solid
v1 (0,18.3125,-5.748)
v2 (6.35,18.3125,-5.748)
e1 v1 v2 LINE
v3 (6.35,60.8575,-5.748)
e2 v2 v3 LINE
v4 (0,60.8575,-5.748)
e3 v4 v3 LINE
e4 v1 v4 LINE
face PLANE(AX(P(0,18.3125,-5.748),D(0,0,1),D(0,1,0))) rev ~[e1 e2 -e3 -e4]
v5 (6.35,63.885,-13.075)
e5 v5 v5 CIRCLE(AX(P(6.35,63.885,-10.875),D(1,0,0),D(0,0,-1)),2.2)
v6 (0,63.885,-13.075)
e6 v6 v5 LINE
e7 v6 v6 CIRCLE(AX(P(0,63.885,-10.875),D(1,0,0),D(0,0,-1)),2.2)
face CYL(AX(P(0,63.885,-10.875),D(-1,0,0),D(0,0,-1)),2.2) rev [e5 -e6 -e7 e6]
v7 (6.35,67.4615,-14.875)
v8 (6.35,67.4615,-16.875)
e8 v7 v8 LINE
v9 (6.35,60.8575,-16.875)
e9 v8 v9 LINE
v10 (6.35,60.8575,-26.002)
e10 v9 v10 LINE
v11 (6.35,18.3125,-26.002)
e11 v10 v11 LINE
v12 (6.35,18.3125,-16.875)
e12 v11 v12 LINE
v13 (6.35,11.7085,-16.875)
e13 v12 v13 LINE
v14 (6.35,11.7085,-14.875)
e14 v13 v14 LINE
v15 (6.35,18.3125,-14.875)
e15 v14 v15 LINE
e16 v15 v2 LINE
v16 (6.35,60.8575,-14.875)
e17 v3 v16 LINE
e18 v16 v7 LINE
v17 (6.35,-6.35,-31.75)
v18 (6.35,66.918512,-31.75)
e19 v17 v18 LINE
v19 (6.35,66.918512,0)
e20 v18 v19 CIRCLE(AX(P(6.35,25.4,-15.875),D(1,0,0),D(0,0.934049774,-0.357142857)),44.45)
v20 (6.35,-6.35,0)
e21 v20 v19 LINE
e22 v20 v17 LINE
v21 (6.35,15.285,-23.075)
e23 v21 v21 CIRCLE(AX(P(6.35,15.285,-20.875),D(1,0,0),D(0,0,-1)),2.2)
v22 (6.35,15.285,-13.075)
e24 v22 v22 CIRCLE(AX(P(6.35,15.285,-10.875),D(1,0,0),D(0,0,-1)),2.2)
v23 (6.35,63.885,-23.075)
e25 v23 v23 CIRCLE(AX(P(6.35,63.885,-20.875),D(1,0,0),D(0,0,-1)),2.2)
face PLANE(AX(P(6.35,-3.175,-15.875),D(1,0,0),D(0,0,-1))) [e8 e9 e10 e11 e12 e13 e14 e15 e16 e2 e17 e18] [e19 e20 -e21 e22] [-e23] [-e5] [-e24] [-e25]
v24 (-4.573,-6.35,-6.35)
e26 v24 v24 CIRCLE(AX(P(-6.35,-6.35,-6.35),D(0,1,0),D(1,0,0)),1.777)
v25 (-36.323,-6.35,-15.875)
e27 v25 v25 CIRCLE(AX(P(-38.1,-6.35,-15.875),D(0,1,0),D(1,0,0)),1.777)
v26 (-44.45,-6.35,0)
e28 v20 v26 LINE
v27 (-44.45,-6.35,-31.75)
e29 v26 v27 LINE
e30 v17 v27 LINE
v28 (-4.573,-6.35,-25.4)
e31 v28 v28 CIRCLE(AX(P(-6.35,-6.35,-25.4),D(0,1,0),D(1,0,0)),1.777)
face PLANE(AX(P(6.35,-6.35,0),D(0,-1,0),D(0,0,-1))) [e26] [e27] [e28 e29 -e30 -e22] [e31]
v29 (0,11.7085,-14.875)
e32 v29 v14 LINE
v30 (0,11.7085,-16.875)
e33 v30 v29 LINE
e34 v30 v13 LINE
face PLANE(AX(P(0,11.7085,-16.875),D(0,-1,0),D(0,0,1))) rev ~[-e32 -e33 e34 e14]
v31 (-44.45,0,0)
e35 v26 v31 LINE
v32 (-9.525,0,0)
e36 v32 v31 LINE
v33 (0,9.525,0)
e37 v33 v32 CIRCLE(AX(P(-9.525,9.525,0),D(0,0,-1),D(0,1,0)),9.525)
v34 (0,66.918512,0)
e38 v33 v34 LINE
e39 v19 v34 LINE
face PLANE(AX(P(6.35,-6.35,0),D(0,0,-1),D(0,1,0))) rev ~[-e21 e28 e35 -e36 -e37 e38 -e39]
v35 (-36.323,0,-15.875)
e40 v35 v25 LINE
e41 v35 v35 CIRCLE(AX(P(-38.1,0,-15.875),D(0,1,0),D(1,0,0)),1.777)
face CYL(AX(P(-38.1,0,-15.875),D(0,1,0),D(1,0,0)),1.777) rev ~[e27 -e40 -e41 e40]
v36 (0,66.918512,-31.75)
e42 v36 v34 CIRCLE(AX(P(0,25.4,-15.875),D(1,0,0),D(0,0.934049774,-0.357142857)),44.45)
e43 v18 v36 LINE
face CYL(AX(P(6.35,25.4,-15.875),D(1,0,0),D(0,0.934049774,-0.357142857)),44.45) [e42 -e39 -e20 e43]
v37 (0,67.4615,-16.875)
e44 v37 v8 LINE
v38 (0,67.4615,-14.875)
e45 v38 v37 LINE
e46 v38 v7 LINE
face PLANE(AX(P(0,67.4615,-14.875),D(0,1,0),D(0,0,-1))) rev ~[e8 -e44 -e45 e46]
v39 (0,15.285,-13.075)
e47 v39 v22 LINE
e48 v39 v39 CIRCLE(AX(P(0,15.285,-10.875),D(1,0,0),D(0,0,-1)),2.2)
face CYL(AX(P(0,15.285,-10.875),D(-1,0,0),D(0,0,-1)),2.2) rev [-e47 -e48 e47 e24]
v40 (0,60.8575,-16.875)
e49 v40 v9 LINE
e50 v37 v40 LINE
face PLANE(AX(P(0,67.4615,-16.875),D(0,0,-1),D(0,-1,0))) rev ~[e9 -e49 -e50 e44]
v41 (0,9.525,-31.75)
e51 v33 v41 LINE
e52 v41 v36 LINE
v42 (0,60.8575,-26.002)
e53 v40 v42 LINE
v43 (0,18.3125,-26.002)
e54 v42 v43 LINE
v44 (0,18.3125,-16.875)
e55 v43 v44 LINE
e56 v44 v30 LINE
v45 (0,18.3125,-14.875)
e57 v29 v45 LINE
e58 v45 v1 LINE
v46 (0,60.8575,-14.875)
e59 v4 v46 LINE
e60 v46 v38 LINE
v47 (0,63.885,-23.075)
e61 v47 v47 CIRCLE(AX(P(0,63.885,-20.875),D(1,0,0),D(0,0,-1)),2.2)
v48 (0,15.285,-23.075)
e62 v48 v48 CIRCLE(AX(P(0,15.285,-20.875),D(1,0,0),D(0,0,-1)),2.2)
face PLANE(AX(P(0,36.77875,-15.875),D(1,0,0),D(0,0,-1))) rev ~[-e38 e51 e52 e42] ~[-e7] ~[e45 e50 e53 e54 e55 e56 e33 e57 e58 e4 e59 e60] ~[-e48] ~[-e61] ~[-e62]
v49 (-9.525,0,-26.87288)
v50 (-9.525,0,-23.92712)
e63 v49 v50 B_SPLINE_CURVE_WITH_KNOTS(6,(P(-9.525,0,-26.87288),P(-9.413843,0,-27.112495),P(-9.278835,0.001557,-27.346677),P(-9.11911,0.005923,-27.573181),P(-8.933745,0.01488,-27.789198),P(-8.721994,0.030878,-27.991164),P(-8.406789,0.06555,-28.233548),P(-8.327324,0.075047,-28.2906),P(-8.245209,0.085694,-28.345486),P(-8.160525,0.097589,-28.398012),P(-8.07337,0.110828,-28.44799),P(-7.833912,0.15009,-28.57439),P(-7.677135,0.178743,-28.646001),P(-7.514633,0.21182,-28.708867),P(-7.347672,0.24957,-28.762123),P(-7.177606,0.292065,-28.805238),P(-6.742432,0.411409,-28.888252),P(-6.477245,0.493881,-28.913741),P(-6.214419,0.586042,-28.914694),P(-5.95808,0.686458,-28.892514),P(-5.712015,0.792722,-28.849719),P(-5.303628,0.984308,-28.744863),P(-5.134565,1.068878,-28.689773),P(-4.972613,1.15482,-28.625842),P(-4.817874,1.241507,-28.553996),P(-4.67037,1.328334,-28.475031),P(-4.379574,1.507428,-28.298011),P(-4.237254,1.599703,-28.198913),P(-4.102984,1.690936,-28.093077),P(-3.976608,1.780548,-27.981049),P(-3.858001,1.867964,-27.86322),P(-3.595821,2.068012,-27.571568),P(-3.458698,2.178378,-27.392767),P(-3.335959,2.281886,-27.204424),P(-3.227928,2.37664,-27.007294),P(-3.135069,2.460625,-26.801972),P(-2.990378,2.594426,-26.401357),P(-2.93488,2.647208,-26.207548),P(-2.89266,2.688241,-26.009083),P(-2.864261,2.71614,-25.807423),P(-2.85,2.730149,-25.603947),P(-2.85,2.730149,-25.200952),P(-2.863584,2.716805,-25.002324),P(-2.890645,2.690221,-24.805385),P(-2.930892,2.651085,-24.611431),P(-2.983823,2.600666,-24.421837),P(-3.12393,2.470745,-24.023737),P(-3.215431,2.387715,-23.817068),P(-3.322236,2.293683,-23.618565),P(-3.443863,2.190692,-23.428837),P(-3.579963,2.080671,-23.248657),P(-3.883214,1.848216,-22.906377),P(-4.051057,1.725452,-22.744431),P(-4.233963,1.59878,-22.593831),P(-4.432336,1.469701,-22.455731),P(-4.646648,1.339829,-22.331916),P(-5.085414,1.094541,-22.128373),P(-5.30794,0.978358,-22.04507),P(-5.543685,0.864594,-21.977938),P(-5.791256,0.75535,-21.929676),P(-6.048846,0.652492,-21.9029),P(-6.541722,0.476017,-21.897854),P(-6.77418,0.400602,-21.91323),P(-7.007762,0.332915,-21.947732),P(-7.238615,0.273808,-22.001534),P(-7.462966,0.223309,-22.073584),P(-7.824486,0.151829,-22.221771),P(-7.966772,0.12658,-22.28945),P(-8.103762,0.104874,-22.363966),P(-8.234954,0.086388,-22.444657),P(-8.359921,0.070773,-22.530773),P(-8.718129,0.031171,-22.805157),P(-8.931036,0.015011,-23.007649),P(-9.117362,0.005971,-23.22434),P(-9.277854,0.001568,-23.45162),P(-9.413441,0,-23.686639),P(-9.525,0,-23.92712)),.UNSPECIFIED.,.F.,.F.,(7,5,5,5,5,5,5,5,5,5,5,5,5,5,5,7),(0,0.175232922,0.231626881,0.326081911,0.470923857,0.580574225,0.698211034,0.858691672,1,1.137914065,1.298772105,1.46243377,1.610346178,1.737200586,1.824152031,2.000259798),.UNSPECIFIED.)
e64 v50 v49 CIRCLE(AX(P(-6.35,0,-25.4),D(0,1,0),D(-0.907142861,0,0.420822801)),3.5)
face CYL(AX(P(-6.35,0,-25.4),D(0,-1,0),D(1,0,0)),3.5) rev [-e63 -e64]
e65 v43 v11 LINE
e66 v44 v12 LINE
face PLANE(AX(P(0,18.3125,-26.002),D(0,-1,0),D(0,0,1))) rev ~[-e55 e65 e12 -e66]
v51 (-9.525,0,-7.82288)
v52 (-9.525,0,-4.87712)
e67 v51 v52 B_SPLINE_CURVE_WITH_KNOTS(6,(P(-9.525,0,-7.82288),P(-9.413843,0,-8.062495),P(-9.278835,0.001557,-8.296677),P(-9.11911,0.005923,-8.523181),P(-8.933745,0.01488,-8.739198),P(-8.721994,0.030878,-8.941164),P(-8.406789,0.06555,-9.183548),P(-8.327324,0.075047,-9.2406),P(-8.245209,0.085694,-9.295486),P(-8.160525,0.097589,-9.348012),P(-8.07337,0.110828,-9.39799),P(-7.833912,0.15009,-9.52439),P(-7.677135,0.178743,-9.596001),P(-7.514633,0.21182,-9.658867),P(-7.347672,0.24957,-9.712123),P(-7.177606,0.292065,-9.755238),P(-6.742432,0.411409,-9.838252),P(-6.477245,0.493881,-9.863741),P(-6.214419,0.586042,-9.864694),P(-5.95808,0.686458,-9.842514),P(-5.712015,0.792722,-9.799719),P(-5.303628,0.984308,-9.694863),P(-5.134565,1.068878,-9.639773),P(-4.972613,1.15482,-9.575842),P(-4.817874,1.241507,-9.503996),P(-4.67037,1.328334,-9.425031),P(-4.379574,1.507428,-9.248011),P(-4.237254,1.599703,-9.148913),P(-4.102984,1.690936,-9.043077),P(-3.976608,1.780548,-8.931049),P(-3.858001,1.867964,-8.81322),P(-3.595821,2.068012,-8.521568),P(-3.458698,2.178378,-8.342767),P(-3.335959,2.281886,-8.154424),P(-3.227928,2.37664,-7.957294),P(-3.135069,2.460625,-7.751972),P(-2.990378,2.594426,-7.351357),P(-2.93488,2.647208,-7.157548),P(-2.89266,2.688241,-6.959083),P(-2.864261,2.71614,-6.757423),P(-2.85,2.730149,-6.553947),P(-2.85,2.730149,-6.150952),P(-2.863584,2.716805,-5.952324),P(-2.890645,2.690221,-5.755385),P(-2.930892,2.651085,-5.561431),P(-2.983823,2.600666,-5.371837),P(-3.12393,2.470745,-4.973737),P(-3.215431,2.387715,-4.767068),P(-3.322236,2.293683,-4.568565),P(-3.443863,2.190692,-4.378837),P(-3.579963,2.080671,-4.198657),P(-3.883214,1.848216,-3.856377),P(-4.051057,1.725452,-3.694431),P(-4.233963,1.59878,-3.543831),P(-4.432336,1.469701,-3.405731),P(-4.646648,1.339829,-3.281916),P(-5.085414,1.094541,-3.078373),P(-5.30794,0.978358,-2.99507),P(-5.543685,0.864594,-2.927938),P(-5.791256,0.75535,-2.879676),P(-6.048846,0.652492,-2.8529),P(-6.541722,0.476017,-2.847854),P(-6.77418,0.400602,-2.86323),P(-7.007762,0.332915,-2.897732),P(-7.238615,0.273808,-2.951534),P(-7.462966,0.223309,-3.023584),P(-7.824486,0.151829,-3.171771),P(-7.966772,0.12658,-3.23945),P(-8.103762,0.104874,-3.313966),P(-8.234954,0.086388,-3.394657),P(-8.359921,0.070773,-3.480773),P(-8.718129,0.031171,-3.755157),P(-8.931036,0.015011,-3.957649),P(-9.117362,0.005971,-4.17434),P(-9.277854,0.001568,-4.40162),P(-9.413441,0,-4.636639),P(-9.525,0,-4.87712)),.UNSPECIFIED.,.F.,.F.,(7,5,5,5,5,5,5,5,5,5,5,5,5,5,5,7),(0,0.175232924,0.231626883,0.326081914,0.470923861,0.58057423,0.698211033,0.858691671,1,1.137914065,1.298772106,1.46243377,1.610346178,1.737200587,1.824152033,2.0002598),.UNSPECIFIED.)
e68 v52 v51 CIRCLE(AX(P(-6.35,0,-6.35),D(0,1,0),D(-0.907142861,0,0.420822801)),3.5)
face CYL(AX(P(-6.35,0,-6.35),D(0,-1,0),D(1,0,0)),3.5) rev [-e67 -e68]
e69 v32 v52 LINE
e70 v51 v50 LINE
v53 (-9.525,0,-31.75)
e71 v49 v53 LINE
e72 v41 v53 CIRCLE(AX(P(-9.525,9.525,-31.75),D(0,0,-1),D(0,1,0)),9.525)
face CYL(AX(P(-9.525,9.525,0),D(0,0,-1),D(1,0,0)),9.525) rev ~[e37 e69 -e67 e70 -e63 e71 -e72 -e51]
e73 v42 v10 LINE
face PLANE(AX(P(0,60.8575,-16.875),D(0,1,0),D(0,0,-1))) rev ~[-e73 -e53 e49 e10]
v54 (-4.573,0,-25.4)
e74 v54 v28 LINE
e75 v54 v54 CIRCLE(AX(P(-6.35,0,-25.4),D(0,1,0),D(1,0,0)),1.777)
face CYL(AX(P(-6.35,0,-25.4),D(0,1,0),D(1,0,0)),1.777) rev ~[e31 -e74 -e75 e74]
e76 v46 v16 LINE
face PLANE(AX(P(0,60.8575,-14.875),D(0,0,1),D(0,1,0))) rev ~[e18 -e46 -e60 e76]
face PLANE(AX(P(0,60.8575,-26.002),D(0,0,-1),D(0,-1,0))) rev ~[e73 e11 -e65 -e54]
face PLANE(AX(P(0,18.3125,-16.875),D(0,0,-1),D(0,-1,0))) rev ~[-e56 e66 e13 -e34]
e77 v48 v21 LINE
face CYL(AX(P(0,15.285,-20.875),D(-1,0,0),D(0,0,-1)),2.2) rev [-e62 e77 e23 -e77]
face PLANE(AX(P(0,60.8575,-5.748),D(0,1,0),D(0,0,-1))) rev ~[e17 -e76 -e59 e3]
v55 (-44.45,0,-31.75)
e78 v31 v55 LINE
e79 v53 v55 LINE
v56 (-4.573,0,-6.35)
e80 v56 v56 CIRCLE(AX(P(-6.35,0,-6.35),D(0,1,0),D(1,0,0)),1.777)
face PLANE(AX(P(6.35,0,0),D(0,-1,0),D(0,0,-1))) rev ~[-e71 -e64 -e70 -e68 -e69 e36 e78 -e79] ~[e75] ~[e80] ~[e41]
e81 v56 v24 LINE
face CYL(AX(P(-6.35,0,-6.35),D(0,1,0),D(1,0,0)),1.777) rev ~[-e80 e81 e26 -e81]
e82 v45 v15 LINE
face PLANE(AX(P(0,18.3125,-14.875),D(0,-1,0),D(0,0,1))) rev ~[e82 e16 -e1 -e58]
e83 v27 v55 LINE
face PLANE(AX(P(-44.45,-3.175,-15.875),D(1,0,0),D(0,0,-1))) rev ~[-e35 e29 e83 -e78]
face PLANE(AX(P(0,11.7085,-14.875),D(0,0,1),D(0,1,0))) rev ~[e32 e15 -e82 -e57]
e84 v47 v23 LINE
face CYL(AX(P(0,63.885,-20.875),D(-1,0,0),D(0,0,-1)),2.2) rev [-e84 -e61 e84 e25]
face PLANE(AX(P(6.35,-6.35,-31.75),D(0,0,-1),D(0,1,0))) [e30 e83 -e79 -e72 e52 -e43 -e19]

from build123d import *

# Parameters (mm, degrees)
SKETCH3_W               = 31.75
SKETCH3_H               = 73.557500078
SKETCH3_R               = 2.200000045
BOSS_EXTRUDE1_DEPTH     = 6.35
SKETCH5_W               = 31.75
SKETCH5_H               = 6.35
BOSS_EXTRUDE2_DEPTH     = 50.8
FILLET1_R               = 9.525
SKETCH6_R               = 1.777000002
CUT_EXTRUDE1_DEPTH      = 74.557500078
CUT_EXTRUDE1_DEPTH_BACK = 7.35
CUT_EXTRUDE2_DEPTH      = 51.8
SKETCH8_R               = 3.499999985
CUT_EXTRUDE3_DEPTH      = 70.85


with BuildPart() as part:
    # Sketch3 → Boss-Extrude1 (new body)
    with BuildSketch(Plane(origin=(0, 0, 0), x_dir=(0, 0, -1), z_dir=(1, 0, 0))):
        with Locations((15.875, 36.778750039)):
            Rectangle(SKETCH3_W, SKETCH3_H)
        with Locations((10.874999967, 15.285000037)):
            Circle(SKETCH3_R, mode=Mode.SUBTRACT)
        with Locations((20.875000033, 15.285000037)):
            Circle(SKETCH3_R, mode=Mode.SUBTRACT)
        with Locations((10.874999967, 63.885000119)):
            Circle(SKETCH3_R, mode=Mode.SUBTRACT)
        with Locations((20.875000033, 63.885000119)):
            Circle(SKETCH3_R, mode=Mode.SUBTRACT)
        Polygon((5.748000061, 60.857500078), (14.875, 60.857500078), (14.875, 67.461500078), (16.875, 67.461500078), (16.875, 60.857500078), (26.001999939, 60.857500078), (26.001999939, 18.312500078), (16.875, 18.312500078), (16.875, 11.708500078), (14.875, 11.708500078), (14.875, 18.312500078), (5.748000061, 18.312500078), align=None, mode=Mode.SUBTRACT)
    extrude(amount=BOSS_EXTRUDE1_DEPTH)

    # Sketch5 → Boss-Extrude2 (add)
    with BuildSketch(Plane(origin=(6.35, 0, 0), x_dir=(0, 0, -1), z_dir=(1, 0, 0))):
        with Locations((15.875, -3.175)):
            Rectangle(SKETCH5_W, SKETCH5_H)
    extrude(amount=-BOSS_EXTRUDE2_DEPTH)

    # Fillet1
    fillet1_edges = [part.edges().sort_by_distance(p)[0] for p in [
        (0, 0, -15.875),
    ]]
    fillet(fillet1_edges, radius=FILLET1_R)

    # Sketch6 → Cut-Extrude1 (cut, two sides)
    with BuildSketch(Plane(origin=(0, 0, 0), x_dir=(1, 0, 0), z_dir=(0, 1, 0))) as cut_extrude1_sk:
        with Locations((-6.35, 6.35)):
            Circle(SKETCH6_R)
        with Locations((-38.1, 15.875)):
            Circle(SKETCH6_R)
        with Locations((-6.35, 25.4)):
            Circle(SKETCH6_R)
    extrude(amount=CUT_EXTRUDE1_DEPTH, mode=Mode.SUBTRACT)
    extrude(cut_extrude1_sk.sketch, amount=-CUT_EXTRUDE1_DEPTH_BACK, mode=Mode.SUBTRACT)

    # Sketch7 → Cut-Extrude2 (cut, through all)
    with BuildSketch(Plane(origin=(6.35, 0, 0), x_dir=(0, 0, -1), z_dir=(1, 0, 0))):
        with BuildLine():
            Line((0, 66.918512437), (0, 82.748877538))
            Line((0, 82.748877538), (31.75, 82.748877538))
            Line((31.75, 82.748877538), (31.75, 66.918512437))
            ThreePointArc((31.75, 66.918512437), (15.875, 69.85), (0, 66.918512437))
        make_face()
    extrude(amount=-CUT_EXTRUDE2_DEPTH, mode=Mode.SUBTRACT)

    # Sketch8 → Cut-Extrude3 (cut, through all)
    with BuildSketch(Plane(origin=(0, 0, 0), x_dir=(1, 0, 0), z_dir=(0, 1, 0))):
        with Locations((-6.35, 25.4)):
            Circle(SKETCH8_R)
        with Locations((-6.35, 6.35)):
            Circle(SKETCH8_R)
    extrude(amount=CUT_EXTRUDE3_DEPTH, mode=Mode.SUBTRACT)


solid = part.part
